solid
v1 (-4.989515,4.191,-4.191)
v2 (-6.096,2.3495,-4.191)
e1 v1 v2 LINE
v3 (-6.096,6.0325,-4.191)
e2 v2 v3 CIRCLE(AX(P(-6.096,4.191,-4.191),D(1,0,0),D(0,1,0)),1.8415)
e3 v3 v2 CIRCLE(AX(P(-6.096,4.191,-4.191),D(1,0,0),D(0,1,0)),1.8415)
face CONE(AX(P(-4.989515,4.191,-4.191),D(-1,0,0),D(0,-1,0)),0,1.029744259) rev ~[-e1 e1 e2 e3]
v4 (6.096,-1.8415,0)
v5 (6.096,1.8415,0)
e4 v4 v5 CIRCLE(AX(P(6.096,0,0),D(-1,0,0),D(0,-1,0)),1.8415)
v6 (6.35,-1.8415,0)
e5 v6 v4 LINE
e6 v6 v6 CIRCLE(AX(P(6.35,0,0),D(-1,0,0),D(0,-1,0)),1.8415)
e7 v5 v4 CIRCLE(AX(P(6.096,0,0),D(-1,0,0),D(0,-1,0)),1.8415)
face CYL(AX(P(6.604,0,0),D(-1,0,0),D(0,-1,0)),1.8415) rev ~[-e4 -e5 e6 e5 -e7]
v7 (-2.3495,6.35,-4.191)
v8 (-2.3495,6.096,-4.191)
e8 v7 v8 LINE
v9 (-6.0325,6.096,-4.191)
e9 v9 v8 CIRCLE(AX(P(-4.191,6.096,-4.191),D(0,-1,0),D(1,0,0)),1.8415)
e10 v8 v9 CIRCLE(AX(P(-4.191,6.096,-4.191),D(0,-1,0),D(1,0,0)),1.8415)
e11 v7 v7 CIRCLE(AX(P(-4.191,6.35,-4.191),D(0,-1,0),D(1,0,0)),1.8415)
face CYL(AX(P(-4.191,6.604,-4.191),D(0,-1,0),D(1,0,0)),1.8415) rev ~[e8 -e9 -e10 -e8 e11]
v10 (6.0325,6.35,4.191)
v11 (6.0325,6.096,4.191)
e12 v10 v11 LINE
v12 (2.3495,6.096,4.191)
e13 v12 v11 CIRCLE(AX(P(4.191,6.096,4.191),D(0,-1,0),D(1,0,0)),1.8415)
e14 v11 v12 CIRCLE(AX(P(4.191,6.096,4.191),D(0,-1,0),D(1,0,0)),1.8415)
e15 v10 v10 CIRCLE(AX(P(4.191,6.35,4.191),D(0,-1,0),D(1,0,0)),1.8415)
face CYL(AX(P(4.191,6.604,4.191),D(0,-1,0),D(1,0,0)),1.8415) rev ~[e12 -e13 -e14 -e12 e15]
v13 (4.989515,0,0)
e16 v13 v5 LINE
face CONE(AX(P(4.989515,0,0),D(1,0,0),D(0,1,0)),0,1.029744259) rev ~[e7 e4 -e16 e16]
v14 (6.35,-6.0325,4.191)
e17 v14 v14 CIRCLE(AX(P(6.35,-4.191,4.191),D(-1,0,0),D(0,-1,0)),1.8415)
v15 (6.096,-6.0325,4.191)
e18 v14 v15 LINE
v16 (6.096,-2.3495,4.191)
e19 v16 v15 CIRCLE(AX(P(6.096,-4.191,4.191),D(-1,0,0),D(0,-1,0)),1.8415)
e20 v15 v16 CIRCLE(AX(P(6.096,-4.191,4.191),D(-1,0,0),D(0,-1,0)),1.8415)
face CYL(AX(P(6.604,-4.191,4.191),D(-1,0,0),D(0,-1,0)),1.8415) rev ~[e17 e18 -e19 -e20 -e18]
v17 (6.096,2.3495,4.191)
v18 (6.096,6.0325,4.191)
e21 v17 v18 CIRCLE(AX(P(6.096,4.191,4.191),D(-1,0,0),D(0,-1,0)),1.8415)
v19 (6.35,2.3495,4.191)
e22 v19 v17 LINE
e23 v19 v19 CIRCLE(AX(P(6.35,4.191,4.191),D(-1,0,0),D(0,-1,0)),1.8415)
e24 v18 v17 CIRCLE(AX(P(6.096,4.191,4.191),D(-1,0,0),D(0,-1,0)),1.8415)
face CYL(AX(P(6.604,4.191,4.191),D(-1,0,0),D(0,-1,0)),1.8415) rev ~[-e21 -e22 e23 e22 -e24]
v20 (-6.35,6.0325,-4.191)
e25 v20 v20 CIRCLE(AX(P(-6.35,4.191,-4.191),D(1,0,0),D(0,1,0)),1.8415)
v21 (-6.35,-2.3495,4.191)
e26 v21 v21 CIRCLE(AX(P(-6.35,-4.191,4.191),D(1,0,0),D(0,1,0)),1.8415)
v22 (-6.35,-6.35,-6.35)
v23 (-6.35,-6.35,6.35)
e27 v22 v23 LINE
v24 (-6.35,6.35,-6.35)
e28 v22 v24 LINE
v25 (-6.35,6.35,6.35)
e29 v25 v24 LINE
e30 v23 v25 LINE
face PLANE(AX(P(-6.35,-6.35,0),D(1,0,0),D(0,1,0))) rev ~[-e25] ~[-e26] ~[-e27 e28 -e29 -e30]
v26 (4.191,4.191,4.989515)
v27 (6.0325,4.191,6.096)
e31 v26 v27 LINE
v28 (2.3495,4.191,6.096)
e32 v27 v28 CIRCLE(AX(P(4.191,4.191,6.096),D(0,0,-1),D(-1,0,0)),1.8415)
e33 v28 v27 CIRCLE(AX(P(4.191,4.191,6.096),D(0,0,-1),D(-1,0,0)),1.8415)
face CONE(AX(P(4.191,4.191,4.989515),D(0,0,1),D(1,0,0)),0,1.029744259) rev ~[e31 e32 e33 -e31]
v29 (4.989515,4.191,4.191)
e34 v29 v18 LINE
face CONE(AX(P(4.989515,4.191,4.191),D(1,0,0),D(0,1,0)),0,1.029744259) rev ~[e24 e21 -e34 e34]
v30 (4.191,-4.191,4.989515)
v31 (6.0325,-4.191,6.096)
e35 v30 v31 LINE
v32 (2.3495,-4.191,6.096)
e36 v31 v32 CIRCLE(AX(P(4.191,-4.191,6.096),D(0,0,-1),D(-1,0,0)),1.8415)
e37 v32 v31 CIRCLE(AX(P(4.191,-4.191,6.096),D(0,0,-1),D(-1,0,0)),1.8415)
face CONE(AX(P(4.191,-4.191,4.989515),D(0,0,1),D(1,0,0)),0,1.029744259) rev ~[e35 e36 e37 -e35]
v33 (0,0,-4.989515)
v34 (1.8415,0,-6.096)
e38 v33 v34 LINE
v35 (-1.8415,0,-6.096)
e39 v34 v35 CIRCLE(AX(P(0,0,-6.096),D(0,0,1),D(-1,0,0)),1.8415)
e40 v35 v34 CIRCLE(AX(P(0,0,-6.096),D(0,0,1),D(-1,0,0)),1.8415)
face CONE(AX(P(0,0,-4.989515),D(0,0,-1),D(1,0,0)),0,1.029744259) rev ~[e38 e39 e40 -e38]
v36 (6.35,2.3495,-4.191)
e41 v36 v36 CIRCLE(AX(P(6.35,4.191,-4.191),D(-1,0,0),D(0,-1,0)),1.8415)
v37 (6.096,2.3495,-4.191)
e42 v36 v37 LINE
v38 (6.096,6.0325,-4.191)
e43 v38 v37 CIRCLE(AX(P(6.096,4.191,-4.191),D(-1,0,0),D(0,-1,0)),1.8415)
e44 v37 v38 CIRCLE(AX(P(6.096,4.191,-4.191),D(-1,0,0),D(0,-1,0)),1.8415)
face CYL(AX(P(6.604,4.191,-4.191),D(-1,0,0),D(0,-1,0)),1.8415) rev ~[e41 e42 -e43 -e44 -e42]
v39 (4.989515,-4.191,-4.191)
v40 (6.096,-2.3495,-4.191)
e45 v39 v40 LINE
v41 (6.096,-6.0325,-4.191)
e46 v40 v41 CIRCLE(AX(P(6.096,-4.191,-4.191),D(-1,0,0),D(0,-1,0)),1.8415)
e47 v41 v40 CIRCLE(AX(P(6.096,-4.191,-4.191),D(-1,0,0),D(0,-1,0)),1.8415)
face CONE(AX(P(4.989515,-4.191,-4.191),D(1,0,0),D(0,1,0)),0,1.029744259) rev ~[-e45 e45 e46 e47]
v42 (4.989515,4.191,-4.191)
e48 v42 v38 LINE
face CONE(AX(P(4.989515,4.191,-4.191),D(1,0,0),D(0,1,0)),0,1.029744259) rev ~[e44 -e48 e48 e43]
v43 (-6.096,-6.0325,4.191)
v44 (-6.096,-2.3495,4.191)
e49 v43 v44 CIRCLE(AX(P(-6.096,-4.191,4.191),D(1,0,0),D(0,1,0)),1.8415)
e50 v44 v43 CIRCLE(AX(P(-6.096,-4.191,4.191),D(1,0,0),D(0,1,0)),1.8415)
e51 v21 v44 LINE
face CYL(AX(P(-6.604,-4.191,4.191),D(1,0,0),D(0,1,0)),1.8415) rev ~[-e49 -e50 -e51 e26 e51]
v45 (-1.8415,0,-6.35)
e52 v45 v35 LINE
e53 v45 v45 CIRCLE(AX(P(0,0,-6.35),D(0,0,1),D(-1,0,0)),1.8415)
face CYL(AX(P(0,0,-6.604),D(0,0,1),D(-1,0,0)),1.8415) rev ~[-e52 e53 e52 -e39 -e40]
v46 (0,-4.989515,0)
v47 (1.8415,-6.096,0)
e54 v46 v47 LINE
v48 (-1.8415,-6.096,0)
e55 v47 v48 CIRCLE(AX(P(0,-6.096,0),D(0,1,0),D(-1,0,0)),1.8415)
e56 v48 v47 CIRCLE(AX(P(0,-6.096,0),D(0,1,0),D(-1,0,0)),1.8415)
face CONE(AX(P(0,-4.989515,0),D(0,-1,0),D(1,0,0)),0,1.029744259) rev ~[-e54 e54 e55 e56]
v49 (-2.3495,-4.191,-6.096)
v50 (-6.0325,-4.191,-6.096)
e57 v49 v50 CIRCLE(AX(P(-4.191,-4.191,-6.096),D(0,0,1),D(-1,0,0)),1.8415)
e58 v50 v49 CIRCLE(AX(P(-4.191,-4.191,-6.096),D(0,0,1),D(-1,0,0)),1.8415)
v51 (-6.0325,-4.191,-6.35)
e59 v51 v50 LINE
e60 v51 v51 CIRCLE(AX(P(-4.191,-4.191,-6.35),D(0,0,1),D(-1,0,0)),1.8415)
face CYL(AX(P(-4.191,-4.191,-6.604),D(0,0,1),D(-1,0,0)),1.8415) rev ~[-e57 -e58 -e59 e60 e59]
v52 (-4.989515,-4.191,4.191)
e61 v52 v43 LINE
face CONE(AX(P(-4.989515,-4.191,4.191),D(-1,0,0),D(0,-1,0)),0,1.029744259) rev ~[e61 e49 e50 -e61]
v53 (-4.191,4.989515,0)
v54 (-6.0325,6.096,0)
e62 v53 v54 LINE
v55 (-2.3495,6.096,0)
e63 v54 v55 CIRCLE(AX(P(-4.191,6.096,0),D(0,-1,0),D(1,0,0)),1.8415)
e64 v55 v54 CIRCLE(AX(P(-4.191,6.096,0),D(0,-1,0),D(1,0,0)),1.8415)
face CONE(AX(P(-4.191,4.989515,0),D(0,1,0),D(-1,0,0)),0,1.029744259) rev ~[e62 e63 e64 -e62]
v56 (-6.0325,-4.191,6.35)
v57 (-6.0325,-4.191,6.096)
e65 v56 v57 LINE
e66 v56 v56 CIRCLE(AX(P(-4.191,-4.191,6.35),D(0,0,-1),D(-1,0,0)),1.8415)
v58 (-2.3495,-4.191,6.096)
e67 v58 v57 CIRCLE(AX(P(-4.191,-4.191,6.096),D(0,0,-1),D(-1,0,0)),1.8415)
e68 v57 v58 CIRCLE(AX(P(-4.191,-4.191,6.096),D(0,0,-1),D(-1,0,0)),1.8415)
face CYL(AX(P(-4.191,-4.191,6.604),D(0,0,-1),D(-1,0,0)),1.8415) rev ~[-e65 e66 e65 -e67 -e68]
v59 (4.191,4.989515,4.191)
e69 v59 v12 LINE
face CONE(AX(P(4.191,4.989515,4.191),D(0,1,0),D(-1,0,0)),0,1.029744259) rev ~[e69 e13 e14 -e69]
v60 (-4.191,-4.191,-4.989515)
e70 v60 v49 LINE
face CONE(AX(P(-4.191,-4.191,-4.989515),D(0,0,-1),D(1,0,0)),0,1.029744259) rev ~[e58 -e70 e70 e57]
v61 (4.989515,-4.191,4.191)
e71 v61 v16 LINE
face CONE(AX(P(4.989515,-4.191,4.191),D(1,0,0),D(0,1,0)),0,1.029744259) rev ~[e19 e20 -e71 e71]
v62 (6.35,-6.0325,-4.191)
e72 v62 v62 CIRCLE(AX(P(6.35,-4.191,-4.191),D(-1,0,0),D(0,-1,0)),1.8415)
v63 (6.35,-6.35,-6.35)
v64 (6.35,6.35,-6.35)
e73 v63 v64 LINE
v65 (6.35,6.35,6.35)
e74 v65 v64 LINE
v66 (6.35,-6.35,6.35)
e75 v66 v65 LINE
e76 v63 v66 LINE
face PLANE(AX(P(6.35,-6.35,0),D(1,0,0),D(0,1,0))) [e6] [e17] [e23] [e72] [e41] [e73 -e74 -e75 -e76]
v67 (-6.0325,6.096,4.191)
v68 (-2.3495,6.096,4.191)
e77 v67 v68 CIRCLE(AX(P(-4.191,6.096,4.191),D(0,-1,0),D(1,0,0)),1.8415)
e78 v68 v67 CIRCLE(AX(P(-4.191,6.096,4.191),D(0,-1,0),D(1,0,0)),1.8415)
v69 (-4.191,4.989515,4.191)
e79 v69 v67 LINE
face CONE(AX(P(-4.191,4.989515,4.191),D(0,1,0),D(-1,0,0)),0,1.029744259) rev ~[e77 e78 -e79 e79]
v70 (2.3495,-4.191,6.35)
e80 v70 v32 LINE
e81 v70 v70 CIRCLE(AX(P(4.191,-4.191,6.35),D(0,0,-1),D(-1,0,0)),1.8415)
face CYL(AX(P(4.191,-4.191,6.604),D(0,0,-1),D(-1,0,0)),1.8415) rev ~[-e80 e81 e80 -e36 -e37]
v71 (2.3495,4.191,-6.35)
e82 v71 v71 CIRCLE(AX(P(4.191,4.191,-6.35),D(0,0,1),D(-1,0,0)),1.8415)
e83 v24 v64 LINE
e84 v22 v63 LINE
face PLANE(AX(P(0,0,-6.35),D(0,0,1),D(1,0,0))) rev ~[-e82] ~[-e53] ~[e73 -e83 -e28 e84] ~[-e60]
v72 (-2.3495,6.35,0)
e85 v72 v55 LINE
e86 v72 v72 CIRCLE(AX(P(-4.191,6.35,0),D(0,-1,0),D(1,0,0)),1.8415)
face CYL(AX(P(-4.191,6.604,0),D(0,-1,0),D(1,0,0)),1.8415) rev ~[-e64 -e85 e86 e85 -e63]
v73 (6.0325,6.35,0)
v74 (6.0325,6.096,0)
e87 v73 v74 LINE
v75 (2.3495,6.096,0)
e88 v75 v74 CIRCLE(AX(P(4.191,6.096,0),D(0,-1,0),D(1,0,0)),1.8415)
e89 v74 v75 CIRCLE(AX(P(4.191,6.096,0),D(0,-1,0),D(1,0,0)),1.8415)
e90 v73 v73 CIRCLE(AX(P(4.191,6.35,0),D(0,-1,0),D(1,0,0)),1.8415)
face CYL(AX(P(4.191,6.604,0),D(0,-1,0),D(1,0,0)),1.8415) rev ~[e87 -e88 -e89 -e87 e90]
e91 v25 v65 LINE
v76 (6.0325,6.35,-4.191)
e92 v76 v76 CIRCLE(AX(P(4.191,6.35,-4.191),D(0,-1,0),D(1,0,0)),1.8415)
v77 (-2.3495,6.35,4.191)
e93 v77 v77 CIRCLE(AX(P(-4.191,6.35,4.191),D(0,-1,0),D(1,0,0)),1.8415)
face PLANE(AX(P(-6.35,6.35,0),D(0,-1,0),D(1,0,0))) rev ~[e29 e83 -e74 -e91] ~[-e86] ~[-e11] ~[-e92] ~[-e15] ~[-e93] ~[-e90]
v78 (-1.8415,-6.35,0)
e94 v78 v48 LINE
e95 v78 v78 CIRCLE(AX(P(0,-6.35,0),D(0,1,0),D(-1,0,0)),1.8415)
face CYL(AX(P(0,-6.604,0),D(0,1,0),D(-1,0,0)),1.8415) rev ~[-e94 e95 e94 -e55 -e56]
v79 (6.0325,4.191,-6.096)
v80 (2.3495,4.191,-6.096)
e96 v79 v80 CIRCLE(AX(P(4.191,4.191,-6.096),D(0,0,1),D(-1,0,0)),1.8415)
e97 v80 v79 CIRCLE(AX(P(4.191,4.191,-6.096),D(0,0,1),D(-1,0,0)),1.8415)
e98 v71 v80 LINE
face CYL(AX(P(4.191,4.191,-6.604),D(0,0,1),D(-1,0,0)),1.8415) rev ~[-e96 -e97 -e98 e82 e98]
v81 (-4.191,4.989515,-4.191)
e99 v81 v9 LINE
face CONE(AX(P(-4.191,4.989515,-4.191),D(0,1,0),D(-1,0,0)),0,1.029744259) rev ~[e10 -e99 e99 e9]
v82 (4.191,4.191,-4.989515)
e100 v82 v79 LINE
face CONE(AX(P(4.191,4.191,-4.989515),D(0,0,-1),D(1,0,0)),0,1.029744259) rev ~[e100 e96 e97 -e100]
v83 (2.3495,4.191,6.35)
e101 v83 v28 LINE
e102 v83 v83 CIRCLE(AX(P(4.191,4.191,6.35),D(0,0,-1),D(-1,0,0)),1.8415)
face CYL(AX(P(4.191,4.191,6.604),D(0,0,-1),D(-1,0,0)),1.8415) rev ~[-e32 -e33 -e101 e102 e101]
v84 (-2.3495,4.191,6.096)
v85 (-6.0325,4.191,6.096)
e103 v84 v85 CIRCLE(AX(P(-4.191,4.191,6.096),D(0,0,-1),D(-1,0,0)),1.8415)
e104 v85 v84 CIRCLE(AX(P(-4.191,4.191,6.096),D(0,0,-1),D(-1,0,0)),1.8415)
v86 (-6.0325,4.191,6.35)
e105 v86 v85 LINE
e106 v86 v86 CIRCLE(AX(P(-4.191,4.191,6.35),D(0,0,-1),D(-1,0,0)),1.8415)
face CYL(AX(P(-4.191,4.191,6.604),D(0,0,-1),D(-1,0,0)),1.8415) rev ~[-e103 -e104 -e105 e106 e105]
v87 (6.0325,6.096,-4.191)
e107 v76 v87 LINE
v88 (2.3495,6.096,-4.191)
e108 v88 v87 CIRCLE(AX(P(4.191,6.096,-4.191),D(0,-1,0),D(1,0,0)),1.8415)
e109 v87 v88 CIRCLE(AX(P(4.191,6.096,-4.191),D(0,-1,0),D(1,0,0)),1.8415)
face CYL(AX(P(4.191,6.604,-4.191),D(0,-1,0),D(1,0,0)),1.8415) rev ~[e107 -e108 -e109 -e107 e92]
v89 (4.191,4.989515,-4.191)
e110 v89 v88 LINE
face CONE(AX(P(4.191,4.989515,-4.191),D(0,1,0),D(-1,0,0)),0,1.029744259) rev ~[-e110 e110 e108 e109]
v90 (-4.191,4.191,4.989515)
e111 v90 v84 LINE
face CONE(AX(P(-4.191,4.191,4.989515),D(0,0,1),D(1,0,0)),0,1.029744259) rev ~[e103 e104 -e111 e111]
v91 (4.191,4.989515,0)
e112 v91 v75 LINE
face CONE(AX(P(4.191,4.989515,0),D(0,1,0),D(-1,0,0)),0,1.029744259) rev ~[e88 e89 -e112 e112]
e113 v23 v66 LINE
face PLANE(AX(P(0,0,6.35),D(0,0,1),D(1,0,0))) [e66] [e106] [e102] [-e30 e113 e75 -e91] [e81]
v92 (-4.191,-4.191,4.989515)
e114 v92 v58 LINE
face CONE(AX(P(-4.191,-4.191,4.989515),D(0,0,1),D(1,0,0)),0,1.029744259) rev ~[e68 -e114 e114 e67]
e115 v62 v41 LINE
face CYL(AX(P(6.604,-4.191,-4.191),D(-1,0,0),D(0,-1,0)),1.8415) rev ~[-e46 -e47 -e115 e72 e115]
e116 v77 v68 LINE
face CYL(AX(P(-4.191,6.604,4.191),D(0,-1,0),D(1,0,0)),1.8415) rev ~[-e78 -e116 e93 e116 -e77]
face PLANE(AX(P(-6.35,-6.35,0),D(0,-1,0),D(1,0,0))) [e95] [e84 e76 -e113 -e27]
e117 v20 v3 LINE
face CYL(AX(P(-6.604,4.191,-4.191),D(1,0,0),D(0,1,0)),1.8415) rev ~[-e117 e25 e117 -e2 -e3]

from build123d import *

# Parameters (mm, degrees)
F0_W          = 12.7
F0_H          = 12.7
F1_DEPTH      = 6.35
F1_DEPTH_BACK = 6.35
F8_D          = 3.683
F8_DEPTH      = 0.254
F8_TIP        = 1.1064848299
F9_D          = 3.683
F9_DEPTH      = 0.254
F9_TIP        = 1.1064848299
F10_D         = 3.683
F10_DEPTH     = 0.254
F10_TIP       = 1.1064848299
F11_D         = 3.683
F11_DEPTH     = 0.254
F11_TIP       = 1.1064848299
F12_D         = 3.683
F12_DEPTH     = 0.254
F12_TIP       = 1.1064848299
F13_D         = 3.683
F13_DEPTH     = 0.254
F13_TIP       = 1.1064848299


with BuildPart() as f1:
    # F0 (on Top) → F1 (new body, two sides)
    with BuildSketch(Plane.XY) as f1_sk:
        Rectangle(F0_W, F0_H)
    extrude(amount=F1_DEPTH)
    extrude(f1_sk.sketch, amount=-F1_DEPTH_BACK)

    # F8
    with Locations(Plane(origin=(0, 6.35, 0), x_dir=(-1, 0, 0), z_dir=(0, 1, 0))):
        with Locations((-4.191, 4.191), (-4.191, 0), (-4.191, -4.191), (4.191, 4.191), (4.191, 0), (4.191, -4.191)):
            Hole(F8_D / 2, depth=F8_DEPTH)
            with Locations((0, 0, -(F8_DEPTH + F8_TIP / 2))):  # 118° drill point
                Cone(0, F8_D / 2, F8_TIP, mode=Mode.SUBTRACT)

    # F9
    with Locations(Plane.YZ.offset(6.35)):
        with Locations((-4.191, 4.191), (-4.191, -4.191), (4.191, 4.191), (4.191, -4.191), (0, 0)):
            Hole(F9_D / 2, depth=F9_DEPTH)
            with Locations((0, 0, -(F9_DEPTH + F9_TIP / 2))):  # 118° drill point
                Cone(0, F9_D / 2, F9_TIP, mode=Mode.SUBTRACT)

    # F10
    with Locations(Plane(origin=(-6.35, 0, 0), x_dir=(0, -1, 0), z_dir=(-1, 0, 0))):
        with Locations((4.191, 4.191), (-4.191, -4.191)):
            Hole(F10_D / 2, depth=F10_DEPTH)
            with Locations((0, 0, -(F10_DEPTH + F10_TIP / 2))):  # 118° drill point
                Cone(0, F10_D / 2, F10_TIP, mode=Mode.SUBTRACT)

    # F11
    with Locations(Plane.XY.offset(6.35)):
        with Locations((4.191, 4.191), (4.191, -4.191), (-4.191, -4.191), (-4.191, 4.191)):
            Hole(F11_D / 2, depth=F11_DEPTH)
            with Locations((0, 0, -(F11_DEPTH + F11_TIP / 2))):  # 118° drill point
                Cone(0, F11_D / 2, F11_TIP, mode=Mode.SUBTRACT)

    # F12
    with Locations(Plane(origin=(0, 0, -6.35), x_dir=(1, 0, 0), z_dir=(0, 0, -1))):
        with Locations((-4.191, 4.191), (0, 0), (4.191, -4.191)):
            Hole(F12_D / 2, depth=F12_DEPTH)
            with Locations((0, 0, -(F12_DEPTH + F12_TIP / 2))):  # 118° drill point
                Cone(0, F12_D / 2, F12_TIP, mode=Mode.SUBTRACT)

    # F13
    with Locations(Plane.XZ.offset(6.35)):
        with Locations((0, 0)):
            Hole(F13_D / 2, depth=F13_DEPTH)
            with Locations((0, 0, -(F13_DEPTH + F13_TIP / 2))):  # 118° drill point
                Cone(0, F13_D / 2, F13_TIP, mode=Mode.SUBTRACT)


solid = f1.part
